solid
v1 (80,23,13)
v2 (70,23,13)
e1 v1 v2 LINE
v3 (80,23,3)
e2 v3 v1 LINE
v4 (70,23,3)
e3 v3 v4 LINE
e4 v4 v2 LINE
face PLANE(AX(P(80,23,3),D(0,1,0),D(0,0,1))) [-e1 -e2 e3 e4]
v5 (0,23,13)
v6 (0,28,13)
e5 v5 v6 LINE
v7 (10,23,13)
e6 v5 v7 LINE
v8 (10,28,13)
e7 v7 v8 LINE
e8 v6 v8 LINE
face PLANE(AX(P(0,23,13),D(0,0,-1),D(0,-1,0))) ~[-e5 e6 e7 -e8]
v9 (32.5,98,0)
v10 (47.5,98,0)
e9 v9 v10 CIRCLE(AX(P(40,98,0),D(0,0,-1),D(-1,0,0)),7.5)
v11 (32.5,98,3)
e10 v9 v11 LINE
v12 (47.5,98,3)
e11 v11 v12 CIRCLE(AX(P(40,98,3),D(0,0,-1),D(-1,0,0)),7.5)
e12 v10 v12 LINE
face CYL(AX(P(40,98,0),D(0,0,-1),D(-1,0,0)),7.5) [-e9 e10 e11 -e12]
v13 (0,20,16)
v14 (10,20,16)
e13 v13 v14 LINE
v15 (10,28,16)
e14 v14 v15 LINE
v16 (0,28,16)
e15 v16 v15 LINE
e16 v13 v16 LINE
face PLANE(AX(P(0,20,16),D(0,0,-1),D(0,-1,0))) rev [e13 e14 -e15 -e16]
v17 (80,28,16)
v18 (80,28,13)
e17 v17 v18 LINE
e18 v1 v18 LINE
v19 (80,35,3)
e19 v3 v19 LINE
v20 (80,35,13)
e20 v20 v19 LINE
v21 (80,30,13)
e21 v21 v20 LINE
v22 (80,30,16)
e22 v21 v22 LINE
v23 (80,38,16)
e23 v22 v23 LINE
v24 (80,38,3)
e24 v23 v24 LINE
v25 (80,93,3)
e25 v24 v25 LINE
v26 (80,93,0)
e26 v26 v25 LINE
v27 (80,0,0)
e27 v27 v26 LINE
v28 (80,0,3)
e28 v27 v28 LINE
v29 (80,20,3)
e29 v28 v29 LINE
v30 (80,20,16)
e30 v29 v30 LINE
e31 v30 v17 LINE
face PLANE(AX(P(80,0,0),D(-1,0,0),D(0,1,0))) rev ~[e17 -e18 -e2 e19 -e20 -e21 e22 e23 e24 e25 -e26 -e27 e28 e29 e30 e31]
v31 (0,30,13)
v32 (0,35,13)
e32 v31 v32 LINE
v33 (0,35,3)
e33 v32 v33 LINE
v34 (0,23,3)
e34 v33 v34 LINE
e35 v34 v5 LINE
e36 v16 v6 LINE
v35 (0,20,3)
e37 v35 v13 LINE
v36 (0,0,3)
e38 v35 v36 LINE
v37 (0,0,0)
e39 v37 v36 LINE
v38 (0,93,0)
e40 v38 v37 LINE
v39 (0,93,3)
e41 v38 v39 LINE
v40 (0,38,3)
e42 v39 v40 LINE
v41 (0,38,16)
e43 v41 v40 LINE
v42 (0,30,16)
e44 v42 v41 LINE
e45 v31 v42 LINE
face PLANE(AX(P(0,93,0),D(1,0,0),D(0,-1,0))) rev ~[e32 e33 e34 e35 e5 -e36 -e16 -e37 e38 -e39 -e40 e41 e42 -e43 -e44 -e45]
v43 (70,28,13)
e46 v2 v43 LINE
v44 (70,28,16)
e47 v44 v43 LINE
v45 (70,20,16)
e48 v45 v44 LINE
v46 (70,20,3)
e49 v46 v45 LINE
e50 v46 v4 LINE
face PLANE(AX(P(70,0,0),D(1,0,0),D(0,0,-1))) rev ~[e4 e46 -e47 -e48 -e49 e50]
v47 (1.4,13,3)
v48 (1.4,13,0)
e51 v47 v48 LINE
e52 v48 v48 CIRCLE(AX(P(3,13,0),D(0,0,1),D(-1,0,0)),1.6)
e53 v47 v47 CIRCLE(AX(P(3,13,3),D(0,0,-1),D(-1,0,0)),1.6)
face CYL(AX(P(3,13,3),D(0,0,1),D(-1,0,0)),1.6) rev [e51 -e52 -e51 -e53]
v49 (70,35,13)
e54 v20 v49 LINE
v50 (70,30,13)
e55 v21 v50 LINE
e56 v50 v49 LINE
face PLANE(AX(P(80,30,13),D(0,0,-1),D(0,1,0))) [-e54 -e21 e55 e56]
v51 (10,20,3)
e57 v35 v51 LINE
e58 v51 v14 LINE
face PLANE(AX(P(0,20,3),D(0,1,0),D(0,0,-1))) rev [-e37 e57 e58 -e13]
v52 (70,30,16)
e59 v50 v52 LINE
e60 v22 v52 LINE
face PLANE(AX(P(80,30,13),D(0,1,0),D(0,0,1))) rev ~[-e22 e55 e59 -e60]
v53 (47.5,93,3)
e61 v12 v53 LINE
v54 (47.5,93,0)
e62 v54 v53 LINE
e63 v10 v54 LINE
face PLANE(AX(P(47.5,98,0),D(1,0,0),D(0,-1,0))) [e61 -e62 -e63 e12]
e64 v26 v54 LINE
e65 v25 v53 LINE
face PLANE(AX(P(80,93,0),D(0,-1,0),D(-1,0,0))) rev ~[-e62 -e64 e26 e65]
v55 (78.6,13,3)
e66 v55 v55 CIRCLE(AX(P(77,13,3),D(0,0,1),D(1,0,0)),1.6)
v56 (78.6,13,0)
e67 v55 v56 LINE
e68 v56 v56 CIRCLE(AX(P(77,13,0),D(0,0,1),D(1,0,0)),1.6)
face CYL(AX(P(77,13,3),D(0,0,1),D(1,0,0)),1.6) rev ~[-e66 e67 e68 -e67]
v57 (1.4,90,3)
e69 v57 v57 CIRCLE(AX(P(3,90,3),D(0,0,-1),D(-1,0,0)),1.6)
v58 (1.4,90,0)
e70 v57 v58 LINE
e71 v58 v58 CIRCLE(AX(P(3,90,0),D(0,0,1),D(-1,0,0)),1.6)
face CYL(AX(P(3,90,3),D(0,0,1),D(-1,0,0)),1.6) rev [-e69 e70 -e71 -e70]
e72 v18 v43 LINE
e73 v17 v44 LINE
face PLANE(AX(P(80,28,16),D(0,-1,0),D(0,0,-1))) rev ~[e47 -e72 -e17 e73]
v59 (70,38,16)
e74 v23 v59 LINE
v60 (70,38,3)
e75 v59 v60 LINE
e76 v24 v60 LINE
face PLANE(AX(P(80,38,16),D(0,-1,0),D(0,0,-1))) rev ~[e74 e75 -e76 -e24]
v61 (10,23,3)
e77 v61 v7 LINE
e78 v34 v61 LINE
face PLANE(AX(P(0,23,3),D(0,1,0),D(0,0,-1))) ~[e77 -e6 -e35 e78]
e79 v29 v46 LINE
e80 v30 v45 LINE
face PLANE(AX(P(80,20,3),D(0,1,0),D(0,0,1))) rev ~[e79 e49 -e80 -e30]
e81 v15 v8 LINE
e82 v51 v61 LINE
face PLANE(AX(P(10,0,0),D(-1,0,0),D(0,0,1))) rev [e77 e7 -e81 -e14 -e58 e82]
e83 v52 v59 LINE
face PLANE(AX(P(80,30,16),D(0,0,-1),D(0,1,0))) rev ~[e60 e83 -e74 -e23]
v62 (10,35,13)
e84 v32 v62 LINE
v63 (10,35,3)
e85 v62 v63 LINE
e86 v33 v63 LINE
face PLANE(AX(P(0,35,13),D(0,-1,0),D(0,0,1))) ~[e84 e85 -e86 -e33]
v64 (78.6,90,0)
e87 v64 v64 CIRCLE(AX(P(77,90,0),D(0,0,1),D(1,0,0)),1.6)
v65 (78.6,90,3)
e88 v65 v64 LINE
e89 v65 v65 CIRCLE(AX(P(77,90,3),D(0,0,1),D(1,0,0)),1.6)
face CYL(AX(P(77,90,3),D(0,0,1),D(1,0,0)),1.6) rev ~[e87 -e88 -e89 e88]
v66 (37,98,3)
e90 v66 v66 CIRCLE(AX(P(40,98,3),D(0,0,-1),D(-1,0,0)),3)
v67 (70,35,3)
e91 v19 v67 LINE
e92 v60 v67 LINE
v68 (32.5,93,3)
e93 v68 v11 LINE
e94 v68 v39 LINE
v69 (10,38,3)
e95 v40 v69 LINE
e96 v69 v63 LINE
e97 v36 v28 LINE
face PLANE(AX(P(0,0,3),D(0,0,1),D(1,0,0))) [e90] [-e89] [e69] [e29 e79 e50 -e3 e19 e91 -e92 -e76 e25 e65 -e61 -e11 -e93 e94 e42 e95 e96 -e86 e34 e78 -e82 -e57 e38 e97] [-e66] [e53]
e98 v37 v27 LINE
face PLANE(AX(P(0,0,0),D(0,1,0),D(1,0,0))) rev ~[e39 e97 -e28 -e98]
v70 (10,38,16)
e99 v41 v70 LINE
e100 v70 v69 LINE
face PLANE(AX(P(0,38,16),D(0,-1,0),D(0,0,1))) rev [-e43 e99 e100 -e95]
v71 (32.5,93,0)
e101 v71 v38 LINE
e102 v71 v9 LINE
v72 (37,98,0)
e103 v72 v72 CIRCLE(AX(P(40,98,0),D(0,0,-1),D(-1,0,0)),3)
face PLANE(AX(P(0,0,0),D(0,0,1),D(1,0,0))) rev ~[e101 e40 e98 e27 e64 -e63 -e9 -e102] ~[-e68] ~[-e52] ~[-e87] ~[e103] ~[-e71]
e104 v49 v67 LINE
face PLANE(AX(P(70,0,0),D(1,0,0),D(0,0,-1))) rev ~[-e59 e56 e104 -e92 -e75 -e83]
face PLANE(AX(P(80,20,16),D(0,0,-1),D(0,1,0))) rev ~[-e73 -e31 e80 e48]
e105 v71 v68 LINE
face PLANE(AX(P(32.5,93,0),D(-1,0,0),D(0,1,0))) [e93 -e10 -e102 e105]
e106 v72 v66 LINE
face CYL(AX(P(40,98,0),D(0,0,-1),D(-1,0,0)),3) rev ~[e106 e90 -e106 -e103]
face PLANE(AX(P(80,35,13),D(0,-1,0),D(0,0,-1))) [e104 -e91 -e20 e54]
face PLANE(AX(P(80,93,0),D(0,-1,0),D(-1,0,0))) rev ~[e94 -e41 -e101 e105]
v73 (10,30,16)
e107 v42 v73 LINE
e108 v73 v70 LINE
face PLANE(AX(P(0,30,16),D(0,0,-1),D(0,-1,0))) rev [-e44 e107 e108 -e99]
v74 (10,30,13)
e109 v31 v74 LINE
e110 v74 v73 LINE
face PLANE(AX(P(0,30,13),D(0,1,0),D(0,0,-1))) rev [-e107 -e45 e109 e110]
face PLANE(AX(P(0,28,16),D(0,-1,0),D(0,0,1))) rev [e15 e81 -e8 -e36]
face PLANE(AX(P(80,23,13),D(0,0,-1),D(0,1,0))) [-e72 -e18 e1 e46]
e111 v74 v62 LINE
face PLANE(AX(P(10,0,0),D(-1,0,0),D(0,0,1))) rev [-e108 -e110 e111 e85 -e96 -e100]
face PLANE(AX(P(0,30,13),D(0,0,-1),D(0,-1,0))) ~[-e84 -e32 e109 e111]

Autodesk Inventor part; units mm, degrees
ref_plane "YZ Plane" through (0, 0, 0) normal (1, 0, 0) x (0, 1, 0)
ref_plane "XZ Plane" through (0, 0, 0) normal (0, 1, 0) x (-1, 0, 0)
ref_plane "XY Plane" through (0, 0, 0) normal (0, 0, 1) x (1, 0, 0)
sketch "Sketch1" plane through (0, 0, 0) normal (0, 0, 1) x (1, 0, 0)
  line L0 (0, 0) -> (80, 0)
  line L1 (80, 0) -> (80, 93)
  line L2 (80, 93) -> (0, 93)
  line L3 (0, 93) -> (0, 0)
  dimension "d0" = 80
  dimension "d1" = 93
extrude "Extrusion1" add sketch "Sketch1" along normal blind 3
sketch "Sketch3" plane through (80, 0, 0) normal (1, 0, 0) x (0, 0, -1)
  line L0 (-3, 0) -> (-3, 93) construction
  line L1 (-3, 20) -> (-16, 20)
  line L2 (-16, 38) -> (-3, 38)
  line L3 (-3, 38) -> (-3, 20) construction
  line L4 (-3, 23) -> (-13, 23)
  line L5 (-13, 35) -> (-3, 35)
  line L6 (0, 0) -> (-3, 0) projected
  line L7 (-16, 28) -> (-13, 28)
  line L8 (-13, 30) -> (-16, 30)
  line L9 (-16, 20) -> (-16, 28)
  line L10 (-16, 30) -> (-16, 38)
  line L11 (-13, 23) -> (-13, 28)
  line L12 (-13, 30) -> (-13, 35)
  line L13 (-3, 38) -> (-3, 35)
  line L14 (-3, 20) -> (-3, 23)
  point P0 (-13, 19)
  point P1 (-16, 19)
  dimension "d4" = 3
  dimension "d6" = 20
  dimension "d7" = 12
  dimension "d8" = 10
  dimension "d9" = 3
  dimension "d10" = 5
  dimension "d11" = 5
  dimension "d12" = 3
ref_plane "Work Plane1" through (40, 0, 0) normal (1, 0, 0) x (0, 0, -1)
extrude "Extrusion2" add sketch "Sketch3" against normal blind 10
mirror "Mirror1" about plane through (40, 0, 0) normal (1, 0, 0) of "Extrusion2"
sketch "Sketch4" plane through (0, 0, 3) normal (0, 0, 1) x (1, 0, 0)
  circle A0 centre (77, 13) radius 1.6
  line L0 (80, 0) -> (80, 20) projected
  line L1 (0, 0) -> (80, 0) projected
  circle A1 centre (77, 90) radius 1.6
  line L2 (80, 93) -> (0, 93) projected
  dimension "d15" = 3.2
  dimension "d16" = 3
  dimension "d17" = 13
  dimension "d18" = 3
extrude "Extrusion3" cut sketch "Sketch4" against normal through all
mirror "Mirror2" about plane through (40, 0, 0) normal (1, 0, 0) of "Extrusion2", "Extrusion3"
sketch "Sketch5" plane through (0, 0, 0) normal (0, 0, -1) x (-1, 0, 0)
  line L0 (-80, 93) -> (0, 93) construction
  line L1 (-47.5, 93) -> (-32.5, 93)
  line L2 (-32.5, 93) -> (-32.5, 98)
  line L3 (-32.5, 98) -> (-47.5, 98) construction
  line L4 (-47.5, 98) -> (-47.5, 93)
  arc A0 (-32.5, 98) -> (-47.5, 98) centre (-40, 98) ccw
  circle A1 centre (-40, 98) radius 3
  point P0 (0, 0)
  point P1 (-40, 93)
  point P2 (-40, 93)
  dimension "d21" = 6
  dimension "d22" = 15
  dimension "d23" = 5
extrude "Extrusion4" add sketch "Sketch5" against normal blind 3
equation "\"d11\" = d10"
equation "\"d12\" = d4"
equation "\"d18\" = d16"
equation "\"d5\" = d4"
properties part number "Wheel Base"
